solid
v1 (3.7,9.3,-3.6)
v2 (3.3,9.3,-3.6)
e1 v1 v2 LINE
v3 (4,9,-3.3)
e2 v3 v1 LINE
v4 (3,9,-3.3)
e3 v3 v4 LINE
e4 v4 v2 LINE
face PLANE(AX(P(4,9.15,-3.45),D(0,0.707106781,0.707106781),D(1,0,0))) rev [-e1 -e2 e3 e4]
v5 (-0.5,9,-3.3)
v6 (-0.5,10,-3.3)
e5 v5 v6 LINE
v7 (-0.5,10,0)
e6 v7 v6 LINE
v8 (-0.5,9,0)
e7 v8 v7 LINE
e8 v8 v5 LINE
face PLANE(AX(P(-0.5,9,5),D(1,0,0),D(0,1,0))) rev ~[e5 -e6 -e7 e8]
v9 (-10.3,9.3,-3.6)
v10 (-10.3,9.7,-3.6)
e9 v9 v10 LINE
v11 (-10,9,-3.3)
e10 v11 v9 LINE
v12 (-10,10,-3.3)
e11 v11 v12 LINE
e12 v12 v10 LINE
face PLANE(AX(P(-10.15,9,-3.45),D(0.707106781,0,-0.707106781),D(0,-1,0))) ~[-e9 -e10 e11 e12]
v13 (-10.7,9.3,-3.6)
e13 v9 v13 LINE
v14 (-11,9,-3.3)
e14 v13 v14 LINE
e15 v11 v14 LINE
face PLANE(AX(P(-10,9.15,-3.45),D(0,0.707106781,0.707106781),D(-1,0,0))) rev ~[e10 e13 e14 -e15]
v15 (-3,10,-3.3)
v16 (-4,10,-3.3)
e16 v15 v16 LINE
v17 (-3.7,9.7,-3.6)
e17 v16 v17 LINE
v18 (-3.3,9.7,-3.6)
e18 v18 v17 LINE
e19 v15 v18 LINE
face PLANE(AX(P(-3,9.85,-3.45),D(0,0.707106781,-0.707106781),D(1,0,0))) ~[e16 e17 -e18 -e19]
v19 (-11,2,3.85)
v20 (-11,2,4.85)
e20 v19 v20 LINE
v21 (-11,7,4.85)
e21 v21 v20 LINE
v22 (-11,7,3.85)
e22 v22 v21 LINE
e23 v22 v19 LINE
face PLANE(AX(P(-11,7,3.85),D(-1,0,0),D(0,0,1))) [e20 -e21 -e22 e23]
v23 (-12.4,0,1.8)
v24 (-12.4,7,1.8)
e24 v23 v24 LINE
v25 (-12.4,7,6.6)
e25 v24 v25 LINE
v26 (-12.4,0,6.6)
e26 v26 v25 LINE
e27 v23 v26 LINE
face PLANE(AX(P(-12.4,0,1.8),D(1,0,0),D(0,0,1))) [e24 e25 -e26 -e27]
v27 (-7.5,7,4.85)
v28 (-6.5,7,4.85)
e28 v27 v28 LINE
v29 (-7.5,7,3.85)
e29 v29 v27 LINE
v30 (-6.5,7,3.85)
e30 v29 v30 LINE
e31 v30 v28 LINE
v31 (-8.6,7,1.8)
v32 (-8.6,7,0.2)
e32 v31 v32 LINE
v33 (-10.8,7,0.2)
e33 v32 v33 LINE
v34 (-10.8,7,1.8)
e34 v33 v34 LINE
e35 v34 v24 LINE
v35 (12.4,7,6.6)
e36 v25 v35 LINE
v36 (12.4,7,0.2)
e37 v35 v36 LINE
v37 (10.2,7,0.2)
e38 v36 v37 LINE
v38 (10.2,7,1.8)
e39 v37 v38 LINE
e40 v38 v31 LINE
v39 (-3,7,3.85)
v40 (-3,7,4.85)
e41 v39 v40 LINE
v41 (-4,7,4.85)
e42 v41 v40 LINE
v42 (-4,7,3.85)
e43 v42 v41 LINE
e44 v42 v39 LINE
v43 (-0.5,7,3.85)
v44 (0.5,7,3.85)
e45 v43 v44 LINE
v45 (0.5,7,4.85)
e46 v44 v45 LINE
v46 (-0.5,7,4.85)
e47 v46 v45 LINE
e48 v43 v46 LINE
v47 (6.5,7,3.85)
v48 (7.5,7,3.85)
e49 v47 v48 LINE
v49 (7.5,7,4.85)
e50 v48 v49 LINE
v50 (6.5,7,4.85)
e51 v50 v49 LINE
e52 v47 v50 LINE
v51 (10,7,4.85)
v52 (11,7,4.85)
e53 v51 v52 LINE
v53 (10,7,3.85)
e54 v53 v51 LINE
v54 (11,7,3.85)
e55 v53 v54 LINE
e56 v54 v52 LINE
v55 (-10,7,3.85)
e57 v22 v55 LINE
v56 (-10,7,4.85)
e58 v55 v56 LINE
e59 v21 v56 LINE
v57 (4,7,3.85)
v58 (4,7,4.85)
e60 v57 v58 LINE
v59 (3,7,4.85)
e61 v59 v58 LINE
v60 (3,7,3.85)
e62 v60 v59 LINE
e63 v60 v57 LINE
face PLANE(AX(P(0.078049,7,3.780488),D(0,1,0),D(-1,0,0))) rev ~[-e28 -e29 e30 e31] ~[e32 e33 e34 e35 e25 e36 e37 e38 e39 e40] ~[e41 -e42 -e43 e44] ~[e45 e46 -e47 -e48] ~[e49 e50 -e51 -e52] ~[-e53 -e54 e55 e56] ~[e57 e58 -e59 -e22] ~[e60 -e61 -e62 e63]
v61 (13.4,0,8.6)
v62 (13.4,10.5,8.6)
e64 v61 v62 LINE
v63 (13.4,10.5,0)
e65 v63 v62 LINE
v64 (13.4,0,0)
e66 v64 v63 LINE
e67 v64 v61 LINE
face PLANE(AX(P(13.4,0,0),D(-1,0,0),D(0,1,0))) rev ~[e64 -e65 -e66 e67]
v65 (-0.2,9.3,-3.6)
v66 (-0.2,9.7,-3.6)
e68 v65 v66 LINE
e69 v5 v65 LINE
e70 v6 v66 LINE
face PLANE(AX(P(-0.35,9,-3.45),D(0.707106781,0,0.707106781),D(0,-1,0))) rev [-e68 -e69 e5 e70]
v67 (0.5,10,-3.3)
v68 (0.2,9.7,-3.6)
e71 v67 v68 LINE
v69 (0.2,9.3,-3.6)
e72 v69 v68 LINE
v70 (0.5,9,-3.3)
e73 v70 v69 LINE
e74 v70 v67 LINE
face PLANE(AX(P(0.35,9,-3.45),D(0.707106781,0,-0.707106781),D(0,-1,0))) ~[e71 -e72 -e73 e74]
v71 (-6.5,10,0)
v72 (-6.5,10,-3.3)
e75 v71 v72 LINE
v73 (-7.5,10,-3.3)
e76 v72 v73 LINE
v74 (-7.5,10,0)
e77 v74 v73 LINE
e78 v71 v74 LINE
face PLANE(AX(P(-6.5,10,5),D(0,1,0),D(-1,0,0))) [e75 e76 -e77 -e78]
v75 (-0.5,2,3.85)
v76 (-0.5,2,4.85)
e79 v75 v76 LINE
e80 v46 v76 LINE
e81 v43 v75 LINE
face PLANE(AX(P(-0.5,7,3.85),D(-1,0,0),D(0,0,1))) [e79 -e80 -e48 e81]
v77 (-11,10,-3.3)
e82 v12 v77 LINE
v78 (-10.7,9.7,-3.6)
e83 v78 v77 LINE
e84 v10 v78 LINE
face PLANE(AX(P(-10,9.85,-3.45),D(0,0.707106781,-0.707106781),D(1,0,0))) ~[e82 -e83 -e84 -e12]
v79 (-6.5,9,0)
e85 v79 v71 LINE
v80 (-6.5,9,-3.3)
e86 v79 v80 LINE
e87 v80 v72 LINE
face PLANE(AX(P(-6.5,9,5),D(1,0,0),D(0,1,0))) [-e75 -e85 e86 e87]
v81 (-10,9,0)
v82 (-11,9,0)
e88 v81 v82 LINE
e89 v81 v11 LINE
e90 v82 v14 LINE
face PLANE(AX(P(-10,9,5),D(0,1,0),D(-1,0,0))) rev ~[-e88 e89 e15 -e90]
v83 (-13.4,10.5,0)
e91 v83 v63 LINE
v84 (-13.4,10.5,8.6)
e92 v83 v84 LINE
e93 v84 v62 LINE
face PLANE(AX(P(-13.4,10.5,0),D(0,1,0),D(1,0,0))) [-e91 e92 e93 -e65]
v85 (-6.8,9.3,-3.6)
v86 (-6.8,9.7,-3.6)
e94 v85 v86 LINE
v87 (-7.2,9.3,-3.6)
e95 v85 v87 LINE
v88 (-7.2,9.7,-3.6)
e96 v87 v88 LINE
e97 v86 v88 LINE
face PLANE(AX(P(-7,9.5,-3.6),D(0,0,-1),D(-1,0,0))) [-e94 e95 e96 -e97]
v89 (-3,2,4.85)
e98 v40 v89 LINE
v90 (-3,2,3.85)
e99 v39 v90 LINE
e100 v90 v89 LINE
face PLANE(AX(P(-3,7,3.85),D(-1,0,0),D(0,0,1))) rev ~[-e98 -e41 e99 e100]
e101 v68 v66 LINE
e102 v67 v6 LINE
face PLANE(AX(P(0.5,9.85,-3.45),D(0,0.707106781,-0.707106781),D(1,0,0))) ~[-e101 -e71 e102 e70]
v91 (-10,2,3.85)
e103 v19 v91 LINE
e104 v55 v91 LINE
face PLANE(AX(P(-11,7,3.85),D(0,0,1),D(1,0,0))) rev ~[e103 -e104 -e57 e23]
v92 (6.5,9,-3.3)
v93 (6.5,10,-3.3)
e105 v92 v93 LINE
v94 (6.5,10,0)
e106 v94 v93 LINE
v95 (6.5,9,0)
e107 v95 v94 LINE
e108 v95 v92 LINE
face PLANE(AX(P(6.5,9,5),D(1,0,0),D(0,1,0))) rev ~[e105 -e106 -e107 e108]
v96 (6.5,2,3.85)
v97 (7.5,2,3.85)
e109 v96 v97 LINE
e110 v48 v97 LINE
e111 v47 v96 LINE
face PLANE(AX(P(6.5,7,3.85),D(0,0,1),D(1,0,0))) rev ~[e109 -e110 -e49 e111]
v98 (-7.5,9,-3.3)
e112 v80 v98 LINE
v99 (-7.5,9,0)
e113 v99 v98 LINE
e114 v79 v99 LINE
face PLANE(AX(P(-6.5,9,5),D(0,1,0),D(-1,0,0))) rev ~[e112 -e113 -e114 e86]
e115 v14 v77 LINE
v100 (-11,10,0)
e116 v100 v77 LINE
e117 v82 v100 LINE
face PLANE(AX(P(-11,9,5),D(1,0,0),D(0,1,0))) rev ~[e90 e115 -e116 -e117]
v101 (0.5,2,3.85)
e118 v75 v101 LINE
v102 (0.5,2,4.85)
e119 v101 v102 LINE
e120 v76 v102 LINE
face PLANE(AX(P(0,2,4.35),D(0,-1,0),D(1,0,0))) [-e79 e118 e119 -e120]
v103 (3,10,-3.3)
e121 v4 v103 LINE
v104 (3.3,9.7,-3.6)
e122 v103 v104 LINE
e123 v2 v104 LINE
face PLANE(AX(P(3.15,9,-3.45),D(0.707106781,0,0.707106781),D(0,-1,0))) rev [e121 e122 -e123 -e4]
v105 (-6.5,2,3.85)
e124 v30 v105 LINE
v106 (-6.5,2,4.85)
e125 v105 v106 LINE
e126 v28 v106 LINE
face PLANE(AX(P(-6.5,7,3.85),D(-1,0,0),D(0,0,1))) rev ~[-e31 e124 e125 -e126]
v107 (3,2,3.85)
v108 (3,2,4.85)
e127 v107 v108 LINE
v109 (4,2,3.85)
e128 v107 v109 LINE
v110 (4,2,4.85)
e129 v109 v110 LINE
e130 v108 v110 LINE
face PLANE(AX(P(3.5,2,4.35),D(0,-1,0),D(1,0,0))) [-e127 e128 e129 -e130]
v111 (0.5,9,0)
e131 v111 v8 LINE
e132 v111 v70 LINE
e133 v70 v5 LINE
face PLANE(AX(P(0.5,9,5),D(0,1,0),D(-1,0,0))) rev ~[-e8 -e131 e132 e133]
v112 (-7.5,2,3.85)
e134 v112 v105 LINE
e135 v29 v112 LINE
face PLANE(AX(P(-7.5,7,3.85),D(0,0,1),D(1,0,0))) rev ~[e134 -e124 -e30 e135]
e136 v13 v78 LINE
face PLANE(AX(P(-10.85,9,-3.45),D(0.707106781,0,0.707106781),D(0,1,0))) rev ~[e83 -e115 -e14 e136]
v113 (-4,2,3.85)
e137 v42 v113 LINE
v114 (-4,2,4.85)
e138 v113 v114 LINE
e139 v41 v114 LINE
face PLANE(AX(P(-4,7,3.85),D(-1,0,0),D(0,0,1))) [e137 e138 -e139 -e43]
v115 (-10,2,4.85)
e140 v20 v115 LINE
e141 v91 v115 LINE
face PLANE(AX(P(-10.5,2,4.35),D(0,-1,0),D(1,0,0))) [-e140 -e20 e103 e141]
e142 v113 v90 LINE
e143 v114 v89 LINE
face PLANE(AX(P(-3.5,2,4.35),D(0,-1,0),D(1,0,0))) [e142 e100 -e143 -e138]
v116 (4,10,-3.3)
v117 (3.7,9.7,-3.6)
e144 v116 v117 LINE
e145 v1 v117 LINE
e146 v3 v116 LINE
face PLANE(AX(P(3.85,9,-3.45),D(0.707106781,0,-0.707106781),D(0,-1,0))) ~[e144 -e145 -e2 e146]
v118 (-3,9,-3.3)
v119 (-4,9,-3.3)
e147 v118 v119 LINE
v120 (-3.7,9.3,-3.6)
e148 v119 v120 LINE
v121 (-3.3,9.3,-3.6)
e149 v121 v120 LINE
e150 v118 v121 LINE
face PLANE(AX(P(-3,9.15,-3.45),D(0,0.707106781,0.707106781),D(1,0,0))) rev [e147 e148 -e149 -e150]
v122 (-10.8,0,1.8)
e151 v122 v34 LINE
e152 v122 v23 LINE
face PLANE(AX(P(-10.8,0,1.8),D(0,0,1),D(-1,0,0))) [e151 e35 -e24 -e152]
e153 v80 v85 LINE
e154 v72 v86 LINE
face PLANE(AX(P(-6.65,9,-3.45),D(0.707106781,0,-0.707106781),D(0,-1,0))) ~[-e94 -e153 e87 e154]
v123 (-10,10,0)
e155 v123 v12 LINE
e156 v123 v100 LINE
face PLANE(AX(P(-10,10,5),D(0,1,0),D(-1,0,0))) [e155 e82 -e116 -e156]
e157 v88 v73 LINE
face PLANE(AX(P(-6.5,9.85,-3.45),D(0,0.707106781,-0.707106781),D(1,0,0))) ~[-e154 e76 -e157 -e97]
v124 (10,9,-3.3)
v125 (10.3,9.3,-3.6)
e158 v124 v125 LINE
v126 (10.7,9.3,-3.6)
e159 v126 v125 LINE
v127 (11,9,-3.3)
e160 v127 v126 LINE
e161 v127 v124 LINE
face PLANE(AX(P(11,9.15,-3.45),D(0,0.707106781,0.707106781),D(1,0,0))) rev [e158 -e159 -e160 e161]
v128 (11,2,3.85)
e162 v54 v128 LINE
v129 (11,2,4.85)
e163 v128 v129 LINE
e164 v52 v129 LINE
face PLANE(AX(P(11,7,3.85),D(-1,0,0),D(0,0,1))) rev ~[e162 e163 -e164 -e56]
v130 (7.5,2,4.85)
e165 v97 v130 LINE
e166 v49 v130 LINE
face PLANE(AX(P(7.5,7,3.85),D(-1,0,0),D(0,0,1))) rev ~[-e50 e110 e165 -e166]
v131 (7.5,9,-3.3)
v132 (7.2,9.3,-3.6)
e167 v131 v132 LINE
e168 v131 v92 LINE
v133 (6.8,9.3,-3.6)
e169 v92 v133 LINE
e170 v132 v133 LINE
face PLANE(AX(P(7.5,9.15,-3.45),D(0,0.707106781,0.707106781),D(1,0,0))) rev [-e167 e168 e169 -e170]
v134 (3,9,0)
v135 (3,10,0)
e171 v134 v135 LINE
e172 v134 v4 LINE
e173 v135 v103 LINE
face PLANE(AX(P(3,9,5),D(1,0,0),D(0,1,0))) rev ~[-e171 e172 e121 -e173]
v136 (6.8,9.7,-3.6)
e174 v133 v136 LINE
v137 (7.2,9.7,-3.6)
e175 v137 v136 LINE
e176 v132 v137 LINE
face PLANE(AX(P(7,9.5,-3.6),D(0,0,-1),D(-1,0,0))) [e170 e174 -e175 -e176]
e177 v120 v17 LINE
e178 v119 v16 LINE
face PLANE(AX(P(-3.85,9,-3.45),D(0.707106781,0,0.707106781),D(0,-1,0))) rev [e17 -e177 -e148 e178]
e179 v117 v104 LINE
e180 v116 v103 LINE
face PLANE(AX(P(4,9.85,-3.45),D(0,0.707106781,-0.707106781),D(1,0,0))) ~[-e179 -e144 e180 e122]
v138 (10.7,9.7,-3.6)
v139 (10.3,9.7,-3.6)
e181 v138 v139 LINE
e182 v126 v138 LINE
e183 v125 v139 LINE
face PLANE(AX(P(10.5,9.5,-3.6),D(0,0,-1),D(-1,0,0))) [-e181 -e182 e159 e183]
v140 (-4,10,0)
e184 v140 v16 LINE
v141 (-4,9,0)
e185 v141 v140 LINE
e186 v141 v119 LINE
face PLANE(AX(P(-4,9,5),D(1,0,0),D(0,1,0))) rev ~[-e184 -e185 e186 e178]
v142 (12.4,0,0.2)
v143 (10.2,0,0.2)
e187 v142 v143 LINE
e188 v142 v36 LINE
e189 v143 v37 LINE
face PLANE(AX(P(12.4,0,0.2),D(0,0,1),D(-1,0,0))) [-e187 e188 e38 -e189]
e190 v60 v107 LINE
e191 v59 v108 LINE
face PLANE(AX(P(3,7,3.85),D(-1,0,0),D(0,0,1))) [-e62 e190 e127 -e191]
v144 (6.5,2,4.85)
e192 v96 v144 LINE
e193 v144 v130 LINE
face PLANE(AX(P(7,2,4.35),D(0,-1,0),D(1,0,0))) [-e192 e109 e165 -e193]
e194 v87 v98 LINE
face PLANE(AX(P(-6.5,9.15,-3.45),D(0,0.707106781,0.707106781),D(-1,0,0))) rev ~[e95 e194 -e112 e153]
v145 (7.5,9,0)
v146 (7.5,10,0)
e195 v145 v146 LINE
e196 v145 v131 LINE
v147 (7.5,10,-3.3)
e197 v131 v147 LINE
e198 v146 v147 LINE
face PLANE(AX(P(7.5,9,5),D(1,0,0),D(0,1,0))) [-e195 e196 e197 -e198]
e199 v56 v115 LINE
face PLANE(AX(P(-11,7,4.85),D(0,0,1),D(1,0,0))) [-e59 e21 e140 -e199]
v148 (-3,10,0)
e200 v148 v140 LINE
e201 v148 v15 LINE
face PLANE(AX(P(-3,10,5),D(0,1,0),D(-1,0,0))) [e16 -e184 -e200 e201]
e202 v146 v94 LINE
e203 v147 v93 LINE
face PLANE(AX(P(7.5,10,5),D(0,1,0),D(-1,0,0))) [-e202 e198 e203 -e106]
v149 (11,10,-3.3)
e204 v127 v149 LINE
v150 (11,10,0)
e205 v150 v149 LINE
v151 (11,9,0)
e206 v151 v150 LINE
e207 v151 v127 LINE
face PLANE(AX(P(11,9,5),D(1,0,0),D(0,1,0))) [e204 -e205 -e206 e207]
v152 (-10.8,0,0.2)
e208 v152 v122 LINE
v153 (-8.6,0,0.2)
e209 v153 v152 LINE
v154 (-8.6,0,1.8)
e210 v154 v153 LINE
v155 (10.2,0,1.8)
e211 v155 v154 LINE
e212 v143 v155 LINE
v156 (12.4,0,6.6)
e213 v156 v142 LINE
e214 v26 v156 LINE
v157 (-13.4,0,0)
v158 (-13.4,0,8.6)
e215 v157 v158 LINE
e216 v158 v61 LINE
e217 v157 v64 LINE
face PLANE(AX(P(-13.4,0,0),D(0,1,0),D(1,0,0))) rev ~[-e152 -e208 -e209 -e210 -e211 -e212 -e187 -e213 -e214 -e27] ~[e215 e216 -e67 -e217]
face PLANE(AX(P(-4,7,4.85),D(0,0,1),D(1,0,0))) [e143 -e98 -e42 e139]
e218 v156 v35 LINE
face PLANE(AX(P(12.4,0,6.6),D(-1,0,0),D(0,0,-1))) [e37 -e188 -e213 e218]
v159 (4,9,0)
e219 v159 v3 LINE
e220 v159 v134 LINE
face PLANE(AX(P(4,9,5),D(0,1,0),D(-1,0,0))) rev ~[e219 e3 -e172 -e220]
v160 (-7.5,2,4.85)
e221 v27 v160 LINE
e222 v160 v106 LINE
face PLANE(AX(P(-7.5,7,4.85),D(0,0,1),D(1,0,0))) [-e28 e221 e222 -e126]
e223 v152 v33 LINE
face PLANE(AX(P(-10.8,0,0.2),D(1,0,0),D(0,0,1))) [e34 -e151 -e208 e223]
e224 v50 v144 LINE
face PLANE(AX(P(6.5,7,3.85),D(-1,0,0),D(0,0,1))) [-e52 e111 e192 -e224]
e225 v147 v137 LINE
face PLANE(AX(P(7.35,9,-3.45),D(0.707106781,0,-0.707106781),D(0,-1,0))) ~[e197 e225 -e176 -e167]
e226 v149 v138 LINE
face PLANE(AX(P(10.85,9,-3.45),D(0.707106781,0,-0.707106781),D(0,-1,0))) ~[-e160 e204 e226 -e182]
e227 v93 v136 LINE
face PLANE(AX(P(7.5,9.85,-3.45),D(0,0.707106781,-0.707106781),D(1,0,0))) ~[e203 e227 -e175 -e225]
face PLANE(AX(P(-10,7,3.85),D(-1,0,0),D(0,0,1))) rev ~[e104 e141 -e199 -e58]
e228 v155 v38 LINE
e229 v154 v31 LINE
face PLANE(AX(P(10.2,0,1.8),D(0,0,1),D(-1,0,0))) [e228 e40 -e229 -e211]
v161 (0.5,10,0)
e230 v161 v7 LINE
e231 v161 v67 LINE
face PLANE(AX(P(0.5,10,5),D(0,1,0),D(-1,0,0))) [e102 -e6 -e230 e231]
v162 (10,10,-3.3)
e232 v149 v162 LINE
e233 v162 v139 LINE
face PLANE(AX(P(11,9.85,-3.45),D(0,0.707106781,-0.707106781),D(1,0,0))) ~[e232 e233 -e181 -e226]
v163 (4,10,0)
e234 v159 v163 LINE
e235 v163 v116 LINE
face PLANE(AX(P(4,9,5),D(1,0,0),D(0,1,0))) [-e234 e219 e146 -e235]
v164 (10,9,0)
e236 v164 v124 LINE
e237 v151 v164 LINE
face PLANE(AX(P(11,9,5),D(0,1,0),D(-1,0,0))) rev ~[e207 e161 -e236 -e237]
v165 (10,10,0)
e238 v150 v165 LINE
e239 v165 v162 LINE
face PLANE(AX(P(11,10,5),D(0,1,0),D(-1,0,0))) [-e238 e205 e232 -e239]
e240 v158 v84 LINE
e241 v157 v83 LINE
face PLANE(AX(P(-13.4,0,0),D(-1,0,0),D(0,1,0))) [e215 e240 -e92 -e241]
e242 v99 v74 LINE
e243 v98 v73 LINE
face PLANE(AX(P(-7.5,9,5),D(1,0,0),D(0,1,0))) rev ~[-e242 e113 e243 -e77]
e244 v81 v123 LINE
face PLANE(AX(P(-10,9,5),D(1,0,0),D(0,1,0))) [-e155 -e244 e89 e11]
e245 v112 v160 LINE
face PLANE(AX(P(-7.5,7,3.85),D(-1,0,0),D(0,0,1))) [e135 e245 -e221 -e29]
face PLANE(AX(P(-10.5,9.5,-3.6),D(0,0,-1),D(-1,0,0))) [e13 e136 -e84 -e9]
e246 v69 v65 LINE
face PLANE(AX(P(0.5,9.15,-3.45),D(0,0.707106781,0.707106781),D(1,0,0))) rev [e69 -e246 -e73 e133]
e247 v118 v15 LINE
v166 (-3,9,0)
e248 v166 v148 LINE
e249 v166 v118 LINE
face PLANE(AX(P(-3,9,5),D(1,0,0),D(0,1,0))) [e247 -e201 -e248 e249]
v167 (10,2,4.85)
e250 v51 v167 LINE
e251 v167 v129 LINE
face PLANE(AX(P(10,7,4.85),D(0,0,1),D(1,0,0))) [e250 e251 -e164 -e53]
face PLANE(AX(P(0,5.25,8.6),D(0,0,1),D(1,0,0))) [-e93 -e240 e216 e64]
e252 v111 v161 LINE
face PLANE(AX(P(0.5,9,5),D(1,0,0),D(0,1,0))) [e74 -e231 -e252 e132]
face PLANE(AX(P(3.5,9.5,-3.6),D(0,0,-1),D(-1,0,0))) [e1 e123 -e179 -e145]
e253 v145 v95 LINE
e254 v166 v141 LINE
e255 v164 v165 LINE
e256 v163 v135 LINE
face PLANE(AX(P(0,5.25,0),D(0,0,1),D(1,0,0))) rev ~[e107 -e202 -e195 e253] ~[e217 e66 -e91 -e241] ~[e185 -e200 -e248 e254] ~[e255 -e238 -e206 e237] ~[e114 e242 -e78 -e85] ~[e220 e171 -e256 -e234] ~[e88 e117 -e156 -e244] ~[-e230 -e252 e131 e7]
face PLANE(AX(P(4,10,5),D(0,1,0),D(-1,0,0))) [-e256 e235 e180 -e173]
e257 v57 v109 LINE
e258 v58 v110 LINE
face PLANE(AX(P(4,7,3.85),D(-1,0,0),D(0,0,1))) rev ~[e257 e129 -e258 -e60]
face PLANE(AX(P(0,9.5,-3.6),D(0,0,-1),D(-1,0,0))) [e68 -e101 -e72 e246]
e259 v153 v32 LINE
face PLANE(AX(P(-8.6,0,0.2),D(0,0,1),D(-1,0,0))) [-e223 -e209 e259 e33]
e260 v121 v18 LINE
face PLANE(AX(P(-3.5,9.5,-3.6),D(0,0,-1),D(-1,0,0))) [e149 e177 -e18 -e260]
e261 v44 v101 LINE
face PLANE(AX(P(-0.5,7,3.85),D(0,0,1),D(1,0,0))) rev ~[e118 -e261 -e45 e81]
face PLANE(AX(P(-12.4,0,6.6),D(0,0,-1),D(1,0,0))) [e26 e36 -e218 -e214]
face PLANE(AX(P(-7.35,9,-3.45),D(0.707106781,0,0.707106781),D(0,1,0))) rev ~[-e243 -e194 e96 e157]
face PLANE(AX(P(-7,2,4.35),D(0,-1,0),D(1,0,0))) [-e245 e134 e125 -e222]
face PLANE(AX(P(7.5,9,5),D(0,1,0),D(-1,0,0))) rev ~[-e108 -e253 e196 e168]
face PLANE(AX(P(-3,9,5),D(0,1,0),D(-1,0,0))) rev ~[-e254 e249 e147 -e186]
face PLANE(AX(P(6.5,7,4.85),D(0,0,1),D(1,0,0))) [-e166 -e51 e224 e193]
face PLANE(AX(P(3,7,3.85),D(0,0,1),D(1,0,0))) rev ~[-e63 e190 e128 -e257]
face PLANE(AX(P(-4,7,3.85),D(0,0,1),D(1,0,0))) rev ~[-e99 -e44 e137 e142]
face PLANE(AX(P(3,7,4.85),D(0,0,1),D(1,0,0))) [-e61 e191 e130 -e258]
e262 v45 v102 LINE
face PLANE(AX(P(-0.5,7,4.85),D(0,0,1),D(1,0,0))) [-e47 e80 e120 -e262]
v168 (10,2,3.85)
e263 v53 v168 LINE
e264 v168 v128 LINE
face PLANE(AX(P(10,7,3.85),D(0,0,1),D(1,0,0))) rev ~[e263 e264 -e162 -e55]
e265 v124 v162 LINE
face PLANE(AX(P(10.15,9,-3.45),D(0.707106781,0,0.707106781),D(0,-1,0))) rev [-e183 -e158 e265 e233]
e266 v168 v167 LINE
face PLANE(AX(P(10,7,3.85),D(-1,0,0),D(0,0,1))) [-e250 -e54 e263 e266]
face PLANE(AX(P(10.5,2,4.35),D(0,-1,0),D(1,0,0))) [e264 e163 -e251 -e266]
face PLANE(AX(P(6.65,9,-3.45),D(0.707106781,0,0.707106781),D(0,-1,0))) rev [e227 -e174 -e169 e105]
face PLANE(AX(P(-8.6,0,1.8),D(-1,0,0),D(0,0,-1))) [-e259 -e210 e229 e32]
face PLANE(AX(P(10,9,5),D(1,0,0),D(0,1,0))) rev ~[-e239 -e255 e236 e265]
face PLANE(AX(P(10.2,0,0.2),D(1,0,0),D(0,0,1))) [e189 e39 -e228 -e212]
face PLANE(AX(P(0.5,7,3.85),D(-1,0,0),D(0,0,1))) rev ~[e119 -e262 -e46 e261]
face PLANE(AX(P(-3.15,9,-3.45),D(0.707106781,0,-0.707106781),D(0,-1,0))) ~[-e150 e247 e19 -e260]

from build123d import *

# Parameters (mm, degrees)
SKETCH_1_W                         = 26.8
SKETCH_1_H                         = 10.5
EXTRUDE_1_DEPTH                    = 8.6
CUT_EXTRUDE_1_DEPTH                = 7
EXTRUDE_START                      = -5
SKETCH_3_W                         = 1
SKETCH_3_H                         = 1
EXTRUDE_2_DEPTH                    = 8.6
CHAMFER_1_SIZE                     = 0.3
SKETCH_4_W                         = 1
SKETCH_4_H                         = 1
EXTRUDE_3_DEPTH                    = 5
PATTERN_LINEAR_1_COUNT             = 7
PATTERN_LINEAR_1_PITCH             = 3.5
CHAMFER_1_OF_PATTERN_LINEAR_1_SIZE = 0.3


with BuildPart() as part:
    # Эскиз1 → Бобышка-Вытянуть1 (new body)
    with BuildSketch(Plane.XY):
        with Locations((0, 5.25)):
            Rectangle(SKETCH_1_W, SKETCH_1_H)
    extrude(amount=EXTRUDE_1_DEPTH)

    # Эскиз2 → Вырез-Вытянуть1 (cut)
    with BuildSketch(Plane.XZ):
        Polygon((-12.4, 6.6), (12.4, 6.6), (12.4, 0.2), (10.2, 0.2), (10.2, 1.8), (-8.6, 1.8), (-8.6, 0.2), (-10.8, 0.2), (-10.8, 1.8), (-12.4, 1.8), align=None)
    extrude(amount=-CUT_EXTRUDE_1_DEPTH, mode=Mode.SUBTRACT)

    # Эскиз3 → Бобышка-Вытянуть2 (add)
    with BuildSketch(Plane(origin=(0, 0, 0), x_dir=(-1, 0, 0), z_dir=(0, 0, -1)).offset(EXTRUDE_START)):
        with Locations((10.5, 9.5)):
            Rectangle(SKETCH_3_W, SKETCH_3_H)
    extrude_2 = extrude(amount=EXTRUDE_2_DEPTH)

    # Фаска1
    chamfer_1_edges = [part.edges().sort_by_distance(p)[0] for p in [
        (-10, 9.5, -3.6),
        (-10.5, 9, -3.6),
        (-11, 9.5, -3.6),
        (-10.5, 10, -3.6),
    ]]
    chamfer(chamfer_1_edges, length=CHAMFER_1_SIZE)

    # Эскиз4 → Бобышка-Вытянуть3 (add)
    with BuildSketch(Plane.XZ.offset(-7)):
        with Locations((-10.5, 4.35)):
            Rectangle(SKETCH_4_W, SKETCH_4_H)
    extrude_3 = extrude(amount=EXTRUDE_3_DEPTH)

    # Линейный массив1: Бобышка-Вытянуть2, Бобышка-Вытянуть3 ×7
    with Locations(*[(i * PATTERN_LINEAR_1_PITCH, 0, 0) for i in range(1, PATTERN_LINEAR_1_COUNT)]):
        add(extrude_2)
        add(extrude_3)

    # Фаска1 of Линейный массив1
    chamfer_1_of_pattern_linear_1_edges = [part.edges().sort_by_distance(p)[0] for p in [
        (-6.5, 9.5, -3.6),
        (-7, 9, -3.6),
        (-7.5, 9.5, -3.6),
        (-7, 10, -3.6),
        (-3, 9.5, -3.6),
        (-3.5, 9, -3.6),
        (-4, 9.5, -3.6),
        (-3.5, 10, -3.6),
        (0.5, 9.5, -3.6),
        (0, 9, -3.6),
        (-0.5, 9.5, -3.6),
        (0, 10, -3.6),
        (4, 9.5, -3.6),
        (3.5, 9, -3.6),
        (3, 9.5, -3.6),
        (3.5, 10, -3.6),
        (7.5, 9.5, -3.6),
        (7, 9, -3.6),
        (6.5, 9.5, -3.6),
        (7, 10, -3.6),
        (11, 9.5, -3.6),
        (10.5, 9, -3.6),
        (10, 9.5, -3.6),
        (10.5, 10, -3.6),
    ]]
    chamfer(chamfer_1_of_pattern_linear_1_edges, length=CHAMFER_1_OF_PATTERN_LINEAR_1_SIZE)


solid = part.part
